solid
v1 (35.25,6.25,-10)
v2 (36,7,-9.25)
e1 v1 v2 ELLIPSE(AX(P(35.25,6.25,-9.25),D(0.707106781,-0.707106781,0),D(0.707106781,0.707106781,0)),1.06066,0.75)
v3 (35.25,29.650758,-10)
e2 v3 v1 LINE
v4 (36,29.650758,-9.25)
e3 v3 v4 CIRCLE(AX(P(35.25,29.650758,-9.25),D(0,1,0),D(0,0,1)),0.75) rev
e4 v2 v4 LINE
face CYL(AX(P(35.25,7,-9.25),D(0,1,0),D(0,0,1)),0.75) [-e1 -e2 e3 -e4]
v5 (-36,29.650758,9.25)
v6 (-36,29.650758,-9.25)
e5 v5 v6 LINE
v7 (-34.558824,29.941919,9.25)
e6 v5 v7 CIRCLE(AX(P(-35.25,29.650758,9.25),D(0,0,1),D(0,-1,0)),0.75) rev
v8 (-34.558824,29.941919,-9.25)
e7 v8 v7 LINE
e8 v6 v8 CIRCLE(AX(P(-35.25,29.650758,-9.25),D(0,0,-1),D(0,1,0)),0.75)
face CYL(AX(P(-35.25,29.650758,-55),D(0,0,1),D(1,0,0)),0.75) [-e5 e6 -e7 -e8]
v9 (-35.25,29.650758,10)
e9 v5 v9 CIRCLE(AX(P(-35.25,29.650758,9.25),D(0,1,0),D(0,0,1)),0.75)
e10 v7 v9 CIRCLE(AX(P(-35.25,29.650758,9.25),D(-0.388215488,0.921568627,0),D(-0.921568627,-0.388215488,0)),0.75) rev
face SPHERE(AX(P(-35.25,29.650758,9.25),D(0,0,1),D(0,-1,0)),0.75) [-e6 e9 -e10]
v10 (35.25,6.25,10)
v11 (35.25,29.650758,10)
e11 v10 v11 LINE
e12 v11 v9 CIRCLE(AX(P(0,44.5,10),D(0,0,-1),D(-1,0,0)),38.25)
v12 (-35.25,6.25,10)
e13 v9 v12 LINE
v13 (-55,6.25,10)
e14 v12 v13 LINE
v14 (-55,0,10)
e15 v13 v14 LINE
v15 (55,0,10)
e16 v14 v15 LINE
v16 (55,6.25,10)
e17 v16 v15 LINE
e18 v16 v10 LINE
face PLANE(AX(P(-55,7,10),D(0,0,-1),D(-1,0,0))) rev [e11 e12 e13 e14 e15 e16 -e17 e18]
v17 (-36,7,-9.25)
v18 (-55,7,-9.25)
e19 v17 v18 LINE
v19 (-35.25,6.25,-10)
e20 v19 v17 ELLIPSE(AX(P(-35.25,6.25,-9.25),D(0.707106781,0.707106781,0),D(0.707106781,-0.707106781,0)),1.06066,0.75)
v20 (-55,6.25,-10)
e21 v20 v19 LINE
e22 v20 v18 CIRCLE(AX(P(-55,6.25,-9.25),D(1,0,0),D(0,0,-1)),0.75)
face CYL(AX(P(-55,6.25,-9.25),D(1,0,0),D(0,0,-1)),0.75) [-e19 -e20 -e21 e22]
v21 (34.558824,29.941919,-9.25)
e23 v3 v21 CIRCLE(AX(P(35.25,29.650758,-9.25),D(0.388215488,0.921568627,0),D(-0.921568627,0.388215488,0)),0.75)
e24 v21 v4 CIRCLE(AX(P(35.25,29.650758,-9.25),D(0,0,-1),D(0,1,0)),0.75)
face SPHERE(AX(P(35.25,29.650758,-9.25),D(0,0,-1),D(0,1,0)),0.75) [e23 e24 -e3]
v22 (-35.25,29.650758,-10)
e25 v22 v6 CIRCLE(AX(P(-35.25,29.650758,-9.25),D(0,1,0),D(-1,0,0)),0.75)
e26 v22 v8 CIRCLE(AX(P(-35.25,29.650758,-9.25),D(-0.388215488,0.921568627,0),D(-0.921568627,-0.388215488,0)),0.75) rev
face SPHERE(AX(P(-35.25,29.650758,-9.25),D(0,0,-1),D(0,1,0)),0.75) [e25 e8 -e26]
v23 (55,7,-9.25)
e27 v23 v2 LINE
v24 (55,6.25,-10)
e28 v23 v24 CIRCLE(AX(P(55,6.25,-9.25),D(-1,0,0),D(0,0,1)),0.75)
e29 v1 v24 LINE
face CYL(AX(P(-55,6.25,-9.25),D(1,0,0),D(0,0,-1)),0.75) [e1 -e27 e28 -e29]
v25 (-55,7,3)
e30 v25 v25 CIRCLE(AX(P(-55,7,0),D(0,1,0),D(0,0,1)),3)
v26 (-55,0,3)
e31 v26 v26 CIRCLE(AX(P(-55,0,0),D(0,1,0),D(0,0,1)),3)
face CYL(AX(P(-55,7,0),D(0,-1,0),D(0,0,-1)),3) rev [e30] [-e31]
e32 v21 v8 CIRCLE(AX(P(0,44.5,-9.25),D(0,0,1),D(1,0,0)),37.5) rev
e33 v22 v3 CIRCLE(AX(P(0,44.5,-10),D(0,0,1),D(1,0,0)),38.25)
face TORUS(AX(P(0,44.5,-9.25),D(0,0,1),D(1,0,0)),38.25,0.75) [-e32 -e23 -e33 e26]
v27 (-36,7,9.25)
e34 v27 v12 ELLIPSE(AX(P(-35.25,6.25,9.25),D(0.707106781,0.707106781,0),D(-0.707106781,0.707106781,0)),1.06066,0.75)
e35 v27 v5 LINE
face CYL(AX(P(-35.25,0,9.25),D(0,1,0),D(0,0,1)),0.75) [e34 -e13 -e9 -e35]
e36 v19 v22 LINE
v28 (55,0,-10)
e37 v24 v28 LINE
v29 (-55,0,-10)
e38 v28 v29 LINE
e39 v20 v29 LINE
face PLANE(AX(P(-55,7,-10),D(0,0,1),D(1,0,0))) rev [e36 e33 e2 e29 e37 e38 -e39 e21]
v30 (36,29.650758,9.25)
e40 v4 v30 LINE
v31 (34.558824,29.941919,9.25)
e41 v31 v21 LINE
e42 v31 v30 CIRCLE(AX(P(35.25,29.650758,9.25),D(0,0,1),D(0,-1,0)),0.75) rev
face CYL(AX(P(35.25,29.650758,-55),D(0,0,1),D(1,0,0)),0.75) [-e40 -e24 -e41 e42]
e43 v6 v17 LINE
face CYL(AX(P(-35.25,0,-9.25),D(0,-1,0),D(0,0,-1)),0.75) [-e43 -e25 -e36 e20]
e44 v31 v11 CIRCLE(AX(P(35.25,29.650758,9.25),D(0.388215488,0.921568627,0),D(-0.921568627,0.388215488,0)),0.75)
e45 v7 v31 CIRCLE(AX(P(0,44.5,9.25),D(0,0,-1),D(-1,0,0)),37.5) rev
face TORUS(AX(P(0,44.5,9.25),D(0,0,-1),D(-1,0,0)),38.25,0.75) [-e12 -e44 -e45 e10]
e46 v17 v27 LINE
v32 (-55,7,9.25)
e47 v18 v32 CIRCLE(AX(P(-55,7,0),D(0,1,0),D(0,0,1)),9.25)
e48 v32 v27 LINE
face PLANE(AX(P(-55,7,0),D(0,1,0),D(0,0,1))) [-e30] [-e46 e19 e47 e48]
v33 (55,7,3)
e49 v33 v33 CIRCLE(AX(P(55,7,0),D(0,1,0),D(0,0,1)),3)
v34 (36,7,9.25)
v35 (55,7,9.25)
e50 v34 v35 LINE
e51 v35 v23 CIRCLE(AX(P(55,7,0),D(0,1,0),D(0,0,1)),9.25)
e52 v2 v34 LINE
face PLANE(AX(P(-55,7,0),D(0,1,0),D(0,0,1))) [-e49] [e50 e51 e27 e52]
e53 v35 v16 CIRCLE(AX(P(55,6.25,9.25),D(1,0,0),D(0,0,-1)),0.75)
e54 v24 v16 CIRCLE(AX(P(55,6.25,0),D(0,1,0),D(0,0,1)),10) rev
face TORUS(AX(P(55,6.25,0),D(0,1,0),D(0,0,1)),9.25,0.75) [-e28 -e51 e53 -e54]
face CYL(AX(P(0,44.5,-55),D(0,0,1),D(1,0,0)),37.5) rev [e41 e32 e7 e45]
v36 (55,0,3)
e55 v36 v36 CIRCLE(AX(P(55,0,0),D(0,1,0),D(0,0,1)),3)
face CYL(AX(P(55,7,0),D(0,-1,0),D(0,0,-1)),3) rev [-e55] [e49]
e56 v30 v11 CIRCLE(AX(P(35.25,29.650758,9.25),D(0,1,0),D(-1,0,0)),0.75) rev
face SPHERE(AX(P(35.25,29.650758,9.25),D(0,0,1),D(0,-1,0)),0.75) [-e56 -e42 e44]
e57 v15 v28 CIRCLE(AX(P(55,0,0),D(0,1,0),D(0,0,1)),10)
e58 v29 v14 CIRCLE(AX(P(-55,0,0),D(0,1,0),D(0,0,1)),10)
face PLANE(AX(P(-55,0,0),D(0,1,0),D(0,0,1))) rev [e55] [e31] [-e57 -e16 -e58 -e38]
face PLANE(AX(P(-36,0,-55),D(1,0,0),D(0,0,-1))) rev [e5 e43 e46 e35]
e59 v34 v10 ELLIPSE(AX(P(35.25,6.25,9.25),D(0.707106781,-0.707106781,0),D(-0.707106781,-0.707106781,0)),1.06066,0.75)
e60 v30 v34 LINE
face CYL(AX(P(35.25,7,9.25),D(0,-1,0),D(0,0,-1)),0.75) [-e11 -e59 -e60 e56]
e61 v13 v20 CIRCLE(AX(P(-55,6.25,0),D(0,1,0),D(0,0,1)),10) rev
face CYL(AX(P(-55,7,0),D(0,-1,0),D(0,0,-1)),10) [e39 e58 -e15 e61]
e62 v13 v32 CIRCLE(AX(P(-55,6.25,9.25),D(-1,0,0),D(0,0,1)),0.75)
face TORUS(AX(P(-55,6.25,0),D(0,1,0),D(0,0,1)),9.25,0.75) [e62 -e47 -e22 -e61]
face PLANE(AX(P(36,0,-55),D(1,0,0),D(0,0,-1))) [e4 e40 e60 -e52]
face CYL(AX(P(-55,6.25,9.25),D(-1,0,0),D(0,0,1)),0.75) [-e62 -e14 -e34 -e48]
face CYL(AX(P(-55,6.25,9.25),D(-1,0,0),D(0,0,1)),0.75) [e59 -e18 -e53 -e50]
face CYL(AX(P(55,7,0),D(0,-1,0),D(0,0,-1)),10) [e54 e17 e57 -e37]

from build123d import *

# Parameters (mm, degrees)
SKETCH1_R           = 3
BOSS_EXTRUDE1_DEPTH = 7
BOSS_EXTRUDE2_DEPTH = 20
FILLET1_R           = 0.75


with BuildPart() as part:
    # Sketch1 → Boss-Extrude1 (new body)
    with BuildSketch(Plane(origin=(0, 0, 0), x_dir=(1, 0, 0), z_dir=(0, 1, 0))):
        with BuildLine():
            Line((-55, 10), (55, 10))
            ThreePointArc((55, 10), (65, 0), (55, -10))
            Line((55, -10), (-55, -10))
            ThreePointArc((-55, -10), (-65, 0), (-55, 10))
        make_face()
        with Locations(Location((-55, 0, 0), (0, 0, 270))):
            Circle(SKETCH1_R, mode=Mode.SUBTRACT)
        with Locations(Location((55, 0, 0), (0, 0, 270))):
            Circle(SKETCH1_R, mode=Mode.SUBTRACT)
    extrude(amount=BOSS_EXTRUDE1_DEPTH)

    # Sketch2 → Boss-Extrude2 (add)
    with BuildSketch(Plane.XY.offset(10)):
        with BuildLine():
            Line((-9.5e-08, 7), (36, 7))
            Line((36, 7), (36, 34))
            ThreePointArc((36, 34), (22.499999962, 14.499999972), (-9.5e-08, 7))
        make_face()
        with BuildLine():
            Line((-36, 7), (-9.5e-08, 7))
            ThreePointArc((-9.5e-08, 7), (-22.500000038, 14.500000028), (-36, 34))
            Line((-36, 34), (-36, 7))
        make_face()
    extrude(amount=-BOSS_EXTRUDE2_DEPTH)

    # Fillet1
    fillet1_edges = [part.edges().sort_by_distance(p)[0] for p in [
        (65, 7, 0),
        (45.5, 7, -10),
        (45.5, 7, 10),
        (36, 20.5, 10),
        (36, 34, 0),
        (0, 7, -10),
        (0, 7, 10),
        (36, 20.5, -10),
        (-45.5, 7, -10),
        (-36, 20.5, -10),
        (-36, 20.5, 10),
        (-36, 34, 0),
        (-65, 7, 0),
        (-45.5, 7, 10),
    ]]
    fillet(fillet1_edges, radius=FILLET1_R)


solid = part.part
